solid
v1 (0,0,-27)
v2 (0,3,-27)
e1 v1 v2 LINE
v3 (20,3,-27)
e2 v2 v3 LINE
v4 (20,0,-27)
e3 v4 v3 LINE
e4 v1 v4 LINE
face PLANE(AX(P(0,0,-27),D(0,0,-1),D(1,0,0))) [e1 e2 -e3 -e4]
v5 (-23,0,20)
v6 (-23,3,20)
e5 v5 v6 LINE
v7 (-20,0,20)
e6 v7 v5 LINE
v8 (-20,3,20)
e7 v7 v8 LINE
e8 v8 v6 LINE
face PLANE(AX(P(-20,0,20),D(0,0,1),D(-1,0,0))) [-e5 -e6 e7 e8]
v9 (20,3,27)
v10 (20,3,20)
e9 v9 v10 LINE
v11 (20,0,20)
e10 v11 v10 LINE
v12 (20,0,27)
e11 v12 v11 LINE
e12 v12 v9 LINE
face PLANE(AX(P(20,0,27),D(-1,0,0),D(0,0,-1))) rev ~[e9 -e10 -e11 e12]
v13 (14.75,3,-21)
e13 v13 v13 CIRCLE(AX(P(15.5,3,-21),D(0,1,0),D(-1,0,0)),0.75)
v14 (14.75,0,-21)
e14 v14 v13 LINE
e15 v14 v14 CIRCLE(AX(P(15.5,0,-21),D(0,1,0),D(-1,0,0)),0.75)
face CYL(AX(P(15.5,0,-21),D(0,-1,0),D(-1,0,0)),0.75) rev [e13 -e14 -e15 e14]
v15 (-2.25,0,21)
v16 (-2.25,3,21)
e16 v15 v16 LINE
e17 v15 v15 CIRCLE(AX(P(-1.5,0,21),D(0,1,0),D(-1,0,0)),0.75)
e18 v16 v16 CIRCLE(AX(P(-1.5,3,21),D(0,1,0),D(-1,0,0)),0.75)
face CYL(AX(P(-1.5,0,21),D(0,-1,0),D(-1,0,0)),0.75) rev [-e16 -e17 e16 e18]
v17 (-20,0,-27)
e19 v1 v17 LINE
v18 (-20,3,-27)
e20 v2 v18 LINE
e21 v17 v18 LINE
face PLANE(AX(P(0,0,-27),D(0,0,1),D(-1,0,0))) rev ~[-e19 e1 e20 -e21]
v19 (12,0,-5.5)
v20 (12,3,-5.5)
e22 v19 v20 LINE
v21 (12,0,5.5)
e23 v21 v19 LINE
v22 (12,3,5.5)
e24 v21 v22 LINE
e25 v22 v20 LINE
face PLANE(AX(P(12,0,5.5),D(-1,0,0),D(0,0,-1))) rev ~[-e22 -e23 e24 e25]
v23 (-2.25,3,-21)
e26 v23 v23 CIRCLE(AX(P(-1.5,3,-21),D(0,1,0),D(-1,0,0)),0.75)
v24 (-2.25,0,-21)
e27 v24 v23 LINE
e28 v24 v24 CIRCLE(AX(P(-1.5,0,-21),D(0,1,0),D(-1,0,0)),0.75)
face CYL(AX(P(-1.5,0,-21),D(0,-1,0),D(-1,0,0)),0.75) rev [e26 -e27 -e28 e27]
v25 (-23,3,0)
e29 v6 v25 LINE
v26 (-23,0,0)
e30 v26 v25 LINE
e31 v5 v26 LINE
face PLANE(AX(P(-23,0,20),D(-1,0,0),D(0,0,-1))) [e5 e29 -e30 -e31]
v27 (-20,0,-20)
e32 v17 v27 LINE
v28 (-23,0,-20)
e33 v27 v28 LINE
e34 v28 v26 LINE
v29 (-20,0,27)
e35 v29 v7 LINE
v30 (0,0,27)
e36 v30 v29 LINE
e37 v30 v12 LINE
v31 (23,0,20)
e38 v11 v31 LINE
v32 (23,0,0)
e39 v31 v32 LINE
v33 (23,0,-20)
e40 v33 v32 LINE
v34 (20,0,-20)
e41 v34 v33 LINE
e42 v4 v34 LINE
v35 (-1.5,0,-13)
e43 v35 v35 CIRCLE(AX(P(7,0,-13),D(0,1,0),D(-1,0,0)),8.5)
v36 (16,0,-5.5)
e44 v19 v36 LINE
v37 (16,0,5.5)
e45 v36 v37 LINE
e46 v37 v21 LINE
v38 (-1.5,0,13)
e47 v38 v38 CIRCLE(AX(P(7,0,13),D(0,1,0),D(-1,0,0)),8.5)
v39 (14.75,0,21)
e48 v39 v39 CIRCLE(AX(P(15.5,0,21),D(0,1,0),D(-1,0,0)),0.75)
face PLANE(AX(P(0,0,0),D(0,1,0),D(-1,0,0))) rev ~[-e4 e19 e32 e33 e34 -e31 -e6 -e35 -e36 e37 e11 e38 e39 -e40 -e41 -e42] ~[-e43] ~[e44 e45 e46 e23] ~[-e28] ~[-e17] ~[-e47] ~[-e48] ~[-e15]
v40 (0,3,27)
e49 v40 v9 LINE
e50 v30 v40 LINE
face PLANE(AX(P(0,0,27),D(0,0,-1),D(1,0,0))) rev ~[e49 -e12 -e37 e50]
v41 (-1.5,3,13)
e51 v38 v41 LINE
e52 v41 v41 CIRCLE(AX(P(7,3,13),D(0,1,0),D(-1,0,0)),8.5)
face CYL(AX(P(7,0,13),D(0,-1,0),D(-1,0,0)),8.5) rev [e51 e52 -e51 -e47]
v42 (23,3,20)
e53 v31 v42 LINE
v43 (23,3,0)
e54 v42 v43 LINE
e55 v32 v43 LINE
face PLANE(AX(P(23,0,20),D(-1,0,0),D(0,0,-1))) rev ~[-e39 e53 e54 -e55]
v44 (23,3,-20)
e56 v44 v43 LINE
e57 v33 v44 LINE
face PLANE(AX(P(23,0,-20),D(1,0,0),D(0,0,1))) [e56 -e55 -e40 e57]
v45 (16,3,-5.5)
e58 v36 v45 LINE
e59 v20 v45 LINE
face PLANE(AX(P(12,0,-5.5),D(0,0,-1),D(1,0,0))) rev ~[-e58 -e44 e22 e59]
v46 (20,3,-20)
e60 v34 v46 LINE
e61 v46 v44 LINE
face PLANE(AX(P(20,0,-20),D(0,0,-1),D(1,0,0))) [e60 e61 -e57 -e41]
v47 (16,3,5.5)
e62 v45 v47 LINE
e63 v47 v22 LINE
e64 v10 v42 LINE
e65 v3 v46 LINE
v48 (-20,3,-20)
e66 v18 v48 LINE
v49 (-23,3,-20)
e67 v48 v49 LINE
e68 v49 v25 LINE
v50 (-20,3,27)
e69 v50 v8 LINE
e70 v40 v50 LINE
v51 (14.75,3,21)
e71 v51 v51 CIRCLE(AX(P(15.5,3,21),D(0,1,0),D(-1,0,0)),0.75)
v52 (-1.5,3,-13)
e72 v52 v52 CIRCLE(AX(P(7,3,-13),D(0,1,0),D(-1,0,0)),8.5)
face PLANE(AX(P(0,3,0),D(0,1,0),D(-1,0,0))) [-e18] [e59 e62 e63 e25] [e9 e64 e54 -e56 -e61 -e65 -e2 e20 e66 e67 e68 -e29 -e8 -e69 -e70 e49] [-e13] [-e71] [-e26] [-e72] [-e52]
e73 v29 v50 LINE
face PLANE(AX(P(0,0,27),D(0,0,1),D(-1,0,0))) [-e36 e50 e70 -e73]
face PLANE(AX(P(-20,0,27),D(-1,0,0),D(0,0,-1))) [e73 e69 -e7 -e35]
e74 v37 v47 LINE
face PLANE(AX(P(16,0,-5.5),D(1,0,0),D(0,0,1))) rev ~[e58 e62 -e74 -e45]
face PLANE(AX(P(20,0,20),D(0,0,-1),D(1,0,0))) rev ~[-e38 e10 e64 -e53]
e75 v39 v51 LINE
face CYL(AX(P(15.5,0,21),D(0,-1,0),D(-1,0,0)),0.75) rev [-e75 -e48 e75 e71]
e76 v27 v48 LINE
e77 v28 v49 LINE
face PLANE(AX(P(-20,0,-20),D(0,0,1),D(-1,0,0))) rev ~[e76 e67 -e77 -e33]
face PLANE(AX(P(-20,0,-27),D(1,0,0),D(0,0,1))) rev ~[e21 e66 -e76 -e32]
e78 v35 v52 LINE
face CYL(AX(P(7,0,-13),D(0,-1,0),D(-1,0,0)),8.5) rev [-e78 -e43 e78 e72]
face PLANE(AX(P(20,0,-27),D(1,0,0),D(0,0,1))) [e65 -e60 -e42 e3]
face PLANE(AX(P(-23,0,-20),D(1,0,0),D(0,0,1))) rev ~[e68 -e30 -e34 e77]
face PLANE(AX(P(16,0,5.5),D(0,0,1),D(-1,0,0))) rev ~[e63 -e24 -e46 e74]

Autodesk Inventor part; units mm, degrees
ref_plane "YZ Plane" through (0, 0, 0) normal (1, 0, 0) x (0, 1, 0)
ref_plane "XZ Plane" through (0, 0, 0) normal (0, 1, 0) x (-1, 0, 0)
ref_plane "XY Plane" through (0, 0, 0) normal (0, 0, 1) x (1, 0, 0)
sketch "Sketch1" plane through (0, 0, 0) normal (0, 1, 0) x (-1, 0, 0)
  line L0 (38.75, 0) -> (-38.75, 0) construction
  line L1 (0, 44.6319) -> (0, -56.6181) construction
  line L2 (0, 27) -> (20, 27)
  line L3 (20, 27) -> (20, 20)
  line L4 (20, 20) -> (23, 20)
  line L5 (23, 20) -> (23, 0)
  line L6 (0, -27) -> (20, -27)
  line L7 (20, -27) -> (20, -20)
  line L8 (20, -20) -> (23, -20)
  line L9 (23, -20) -> (23, 0)
  line L10 (0, 27) -> (-20, 27)
  line L11 (-20, 27) -> (-20, 20)
  line L12 (-20, 20) -> (-23, 20)
  line L13 (-23, 20) -> (-23, 0)
  line L14 (0, -27) -> (-20, -27)
  line L15 (-20, -27) -> (-20, -20)
  line L16 (-23, -20) -> (-23, 0)
  line L17 (-20, -20) -> (-23, -20)
  line L18 (3, 22.5) -> (-17, 22.5) construction
  line L19 (-17, 22.5) -> (-17, -22.5) construction
  line L20 (-17, -22.5) -> (3, -22.5) construction
  line L21 (3, -22.5) -> (3, 22.5) construction
  line L22 (19.5, 12.5) -> (-4.5, 12.5) construction
  line L23 (-4.5, 12.5) -> (-4.5, -12.5) construction
  line L24 (-4.5, -12.5) -> (19.5, -12.5) construction
  line L25 (19.5, -12.5) -> (19.5, 12.5) construction
  circle A0 centre (-7, 13) radius 8.5
  circle A1 centre (-7, -13) radius 8.5
  circle A2 centre (1.5, 21) radius 0.75
  circle A3 centre (1.5, -21) radius 0.75
  line L26 (-7, 17.5) -> (-7, -18.0475) construction
  circle A4 centre (-15.5, 21) radius 0.75
  circle A5 centre (-15.5, -21) radius 0.75
  line L27 (-16, 5.5) -> (-12, 5.5)
  line L28 (-12, 5.5) -> (-12, -5.5)
  line L29 (-12, -5.5) -> (-16, -5.5)
  line L30 (-16, -5.5) -> (-16, 5.5)
  point P0 (0, 0)
  point P1 (0, 0)
  dimension "d0" = 20
  dimension "d1" = 27
  dimension "d3" = 20
  dimension "d4" = 20
  dimension "d5" = 45
  dimension "d7" = 24
  dimension "d8" = 25
  dimension "d9" = 0.5
  dimension "d10" = 17
  dimension "d11" = 13
  dimension "d12" = 10
  dimension "d13" = 1.5
  dimension "d14" = 1.5
  dimension "d15" = 1.5
  dimension "d16" = 3
  dimension "d30" = 3
  dimension "d31" = 4
  dimension "d32" = 11
  dimension "d33" = 1
extrude "Extrusion2" add sketch "Sketch1" along normal blind 3
properties part number "faceplate_ultrasound"
